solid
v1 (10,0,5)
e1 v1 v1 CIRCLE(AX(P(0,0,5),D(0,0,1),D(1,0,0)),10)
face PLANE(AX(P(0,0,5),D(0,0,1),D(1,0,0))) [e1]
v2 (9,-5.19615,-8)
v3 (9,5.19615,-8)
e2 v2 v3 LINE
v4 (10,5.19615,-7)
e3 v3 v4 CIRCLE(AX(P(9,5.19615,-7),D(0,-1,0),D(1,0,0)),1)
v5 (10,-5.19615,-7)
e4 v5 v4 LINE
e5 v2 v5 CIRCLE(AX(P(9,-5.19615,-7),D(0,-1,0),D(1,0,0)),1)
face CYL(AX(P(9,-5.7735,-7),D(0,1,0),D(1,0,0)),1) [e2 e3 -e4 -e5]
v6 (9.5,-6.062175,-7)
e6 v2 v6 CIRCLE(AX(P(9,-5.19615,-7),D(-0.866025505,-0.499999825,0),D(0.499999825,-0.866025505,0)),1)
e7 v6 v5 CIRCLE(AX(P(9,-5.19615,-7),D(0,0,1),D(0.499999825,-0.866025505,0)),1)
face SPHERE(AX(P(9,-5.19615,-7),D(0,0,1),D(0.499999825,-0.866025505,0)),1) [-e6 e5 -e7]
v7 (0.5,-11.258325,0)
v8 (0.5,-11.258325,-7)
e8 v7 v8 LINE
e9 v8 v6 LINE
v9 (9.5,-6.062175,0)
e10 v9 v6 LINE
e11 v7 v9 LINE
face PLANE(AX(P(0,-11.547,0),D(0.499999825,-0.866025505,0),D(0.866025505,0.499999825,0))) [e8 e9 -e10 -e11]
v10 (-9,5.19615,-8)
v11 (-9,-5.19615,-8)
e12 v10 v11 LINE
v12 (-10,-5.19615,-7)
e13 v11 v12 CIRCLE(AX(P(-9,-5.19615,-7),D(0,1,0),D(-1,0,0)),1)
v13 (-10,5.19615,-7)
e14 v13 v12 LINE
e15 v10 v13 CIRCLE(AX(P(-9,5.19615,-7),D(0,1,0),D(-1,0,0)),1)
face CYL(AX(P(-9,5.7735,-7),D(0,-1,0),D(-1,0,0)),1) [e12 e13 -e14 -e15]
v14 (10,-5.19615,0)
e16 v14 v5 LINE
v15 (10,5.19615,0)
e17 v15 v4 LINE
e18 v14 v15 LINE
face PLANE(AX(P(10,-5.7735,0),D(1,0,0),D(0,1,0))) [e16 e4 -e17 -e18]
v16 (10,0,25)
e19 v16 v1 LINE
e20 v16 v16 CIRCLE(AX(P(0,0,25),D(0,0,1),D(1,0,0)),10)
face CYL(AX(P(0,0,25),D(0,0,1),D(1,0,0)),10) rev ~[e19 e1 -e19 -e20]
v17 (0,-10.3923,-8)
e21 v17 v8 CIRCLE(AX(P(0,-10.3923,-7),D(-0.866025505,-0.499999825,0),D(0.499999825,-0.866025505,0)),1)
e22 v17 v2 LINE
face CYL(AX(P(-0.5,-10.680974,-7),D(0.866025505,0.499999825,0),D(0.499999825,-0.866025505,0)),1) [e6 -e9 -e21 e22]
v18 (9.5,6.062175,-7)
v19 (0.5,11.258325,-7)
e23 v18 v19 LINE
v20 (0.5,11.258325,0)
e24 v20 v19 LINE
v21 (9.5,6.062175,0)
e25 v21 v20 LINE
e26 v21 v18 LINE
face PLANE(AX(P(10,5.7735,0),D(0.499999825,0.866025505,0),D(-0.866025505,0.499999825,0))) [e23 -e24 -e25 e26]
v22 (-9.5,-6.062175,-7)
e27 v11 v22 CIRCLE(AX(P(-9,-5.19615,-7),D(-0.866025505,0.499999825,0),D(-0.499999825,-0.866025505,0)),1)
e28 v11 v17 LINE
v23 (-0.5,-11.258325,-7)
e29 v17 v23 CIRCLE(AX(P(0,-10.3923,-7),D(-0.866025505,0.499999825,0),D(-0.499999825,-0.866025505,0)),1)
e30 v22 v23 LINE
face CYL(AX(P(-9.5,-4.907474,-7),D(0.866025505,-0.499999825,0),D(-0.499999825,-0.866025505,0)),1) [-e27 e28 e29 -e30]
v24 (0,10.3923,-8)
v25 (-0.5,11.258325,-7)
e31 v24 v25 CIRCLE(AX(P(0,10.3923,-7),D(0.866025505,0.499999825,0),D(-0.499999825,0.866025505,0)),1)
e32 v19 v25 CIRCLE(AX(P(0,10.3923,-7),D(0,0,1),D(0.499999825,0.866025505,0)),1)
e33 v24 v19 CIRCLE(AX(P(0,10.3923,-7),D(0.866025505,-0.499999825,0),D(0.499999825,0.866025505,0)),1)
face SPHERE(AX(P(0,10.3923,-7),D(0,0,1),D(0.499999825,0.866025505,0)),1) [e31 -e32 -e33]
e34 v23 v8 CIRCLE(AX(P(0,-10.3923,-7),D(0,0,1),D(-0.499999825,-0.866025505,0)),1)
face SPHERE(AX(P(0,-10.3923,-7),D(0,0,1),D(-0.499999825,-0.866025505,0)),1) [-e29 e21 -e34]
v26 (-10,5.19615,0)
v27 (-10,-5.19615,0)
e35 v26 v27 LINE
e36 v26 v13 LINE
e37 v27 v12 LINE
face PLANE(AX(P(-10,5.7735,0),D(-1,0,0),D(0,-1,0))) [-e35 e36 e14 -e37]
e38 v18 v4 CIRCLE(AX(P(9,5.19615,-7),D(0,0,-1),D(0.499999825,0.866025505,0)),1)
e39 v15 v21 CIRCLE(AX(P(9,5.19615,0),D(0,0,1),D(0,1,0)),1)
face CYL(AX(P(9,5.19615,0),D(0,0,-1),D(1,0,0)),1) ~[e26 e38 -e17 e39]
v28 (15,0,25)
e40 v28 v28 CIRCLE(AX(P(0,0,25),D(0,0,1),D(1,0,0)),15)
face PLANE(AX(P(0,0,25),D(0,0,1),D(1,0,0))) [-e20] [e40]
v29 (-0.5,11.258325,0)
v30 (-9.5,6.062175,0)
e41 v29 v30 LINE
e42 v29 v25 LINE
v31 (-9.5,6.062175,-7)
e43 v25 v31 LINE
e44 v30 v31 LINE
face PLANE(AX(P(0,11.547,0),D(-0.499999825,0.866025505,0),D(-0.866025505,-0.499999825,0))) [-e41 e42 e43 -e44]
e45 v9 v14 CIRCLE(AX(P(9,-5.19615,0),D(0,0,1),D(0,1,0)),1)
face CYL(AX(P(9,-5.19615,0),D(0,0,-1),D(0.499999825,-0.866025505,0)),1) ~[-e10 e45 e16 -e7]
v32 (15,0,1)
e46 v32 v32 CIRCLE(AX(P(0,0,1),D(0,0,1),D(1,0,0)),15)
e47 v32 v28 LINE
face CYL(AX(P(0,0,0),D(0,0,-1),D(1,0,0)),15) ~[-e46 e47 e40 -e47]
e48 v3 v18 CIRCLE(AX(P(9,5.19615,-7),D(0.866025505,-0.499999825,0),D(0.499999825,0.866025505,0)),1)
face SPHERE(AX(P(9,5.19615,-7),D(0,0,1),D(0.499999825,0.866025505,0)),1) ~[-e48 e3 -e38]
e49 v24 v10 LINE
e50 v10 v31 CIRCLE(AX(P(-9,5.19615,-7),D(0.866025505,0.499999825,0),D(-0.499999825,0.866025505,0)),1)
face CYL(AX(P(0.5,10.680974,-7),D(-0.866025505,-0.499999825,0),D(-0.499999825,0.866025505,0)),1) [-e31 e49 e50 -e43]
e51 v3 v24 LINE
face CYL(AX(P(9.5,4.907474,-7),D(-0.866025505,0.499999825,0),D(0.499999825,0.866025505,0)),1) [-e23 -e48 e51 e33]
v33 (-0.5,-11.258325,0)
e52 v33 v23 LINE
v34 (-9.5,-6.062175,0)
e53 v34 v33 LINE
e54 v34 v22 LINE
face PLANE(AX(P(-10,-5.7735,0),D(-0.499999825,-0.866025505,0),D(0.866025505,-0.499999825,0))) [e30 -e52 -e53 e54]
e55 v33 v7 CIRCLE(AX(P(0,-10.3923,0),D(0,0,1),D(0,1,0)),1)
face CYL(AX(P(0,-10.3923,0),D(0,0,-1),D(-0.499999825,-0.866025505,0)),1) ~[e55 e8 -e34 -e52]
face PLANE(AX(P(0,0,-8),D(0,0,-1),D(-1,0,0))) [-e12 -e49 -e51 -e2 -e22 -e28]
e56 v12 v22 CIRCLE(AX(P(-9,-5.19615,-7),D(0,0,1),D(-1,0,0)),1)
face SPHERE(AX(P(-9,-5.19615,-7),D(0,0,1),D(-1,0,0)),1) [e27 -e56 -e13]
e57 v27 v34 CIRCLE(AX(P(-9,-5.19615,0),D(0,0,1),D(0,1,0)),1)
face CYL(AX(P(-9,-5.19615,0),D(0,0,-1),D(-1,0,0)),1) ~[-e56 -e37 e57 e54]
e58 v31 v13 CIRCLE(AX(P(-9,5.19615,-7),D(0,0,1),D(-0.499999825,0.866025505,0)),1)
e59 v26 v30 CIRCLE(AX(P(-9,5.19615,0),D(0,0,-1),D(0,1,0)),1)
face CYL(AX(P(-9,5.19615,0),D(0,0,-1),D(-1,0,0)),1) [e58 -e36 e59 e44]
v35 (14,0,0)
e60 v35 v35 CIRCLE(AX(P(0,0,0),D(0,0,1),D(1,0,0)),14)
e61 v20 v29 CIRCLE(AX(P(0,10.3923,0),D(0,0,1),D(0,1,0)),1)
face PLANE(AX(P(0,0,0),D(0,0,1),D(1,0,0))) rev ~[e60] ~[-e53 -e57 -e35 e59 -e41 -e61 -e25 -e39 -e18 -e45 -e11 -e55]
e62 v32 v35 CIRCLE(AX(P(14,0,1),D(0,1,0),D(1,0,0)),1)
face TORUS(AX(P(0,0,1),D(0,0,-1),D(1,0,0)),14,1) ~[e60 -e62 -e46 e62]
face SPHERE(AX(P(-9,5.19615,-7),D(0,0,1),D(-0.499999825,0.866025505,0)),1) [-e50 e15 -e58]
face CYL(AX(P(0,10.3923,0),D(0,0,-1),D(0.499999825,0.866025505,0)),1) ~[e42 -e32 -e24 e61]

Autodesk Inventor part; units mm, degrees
ref_plane "YZ Plane" through (0, 0, 0) normal (1, 0, 0) x (0, 1, 0)
ref_plane "XZ Plane" through (0, 0, 0) normal (0, 1, 0) x (-1, 0, 0)
ref_plane "XY Plane" through (0, 0, 0) normal (0, 0, 1) x (1, 0, 0)
sketch "草图1" plane through (0, 0, 0) normal (0, 0, 1) x (1, 0, 0)
  circle A0 centre (0, 0) radius 15
  dimension "d0" = 30
extrude "拉伸1" add sketch "草图1" along normal blind 25
sketch "草图2" plane through (0, 0, 25) normal (0, 0, 1) x (1, 0, 0)
  circle A0 centre (0, 0) radius 10
  dimension "d3" = 20
extrude "拉伸2" cut sketch "草图2" against normal blind 20
thread "螺纹1" size "M20x2.5" class "6H" standard "ANSI Metric M Profile" full length
sketch "草图3" plane through (0, 0, 0) normal (0, 0, -1) x (-1, 0, 0)
  line L0 (10, 5.7735) -> (10, -5.7735)
  line L1 (10, -5.7735) -> (0, -11.547)
  line L2 (0, -11.547) -> (-10, -5.7735)
  line L3 (-10, -5.7735) -> (-10, 5.7735)
  line L4 (-10, 5.7735) -> (0, 11.547)
  line L5 (0, 11.547) -> (10, 5.7735)
  line L6 (0, 0) -> (-10, 0)
  dimension "d8" = 20
extrude "拉伸3" add sketch "草图3" along normal blind 8
fillet "圆角1" radius 1 13 edges at (-15, 0, 0) (5, 8.6603, -8) (-5, 8.6603, -8) (-10, 0, -8) (-5, -8.6603, -8) (5, -8.6603, -8) (10, 0, -8) (10, 5.7735, -4) (0, 11.547, -4) (-10, 5.7735, -4) (-10, -5.7735, -4) (0, -11.547, -4) (10, -5.7735, -4)
properties part number "水箱出水口盖"
